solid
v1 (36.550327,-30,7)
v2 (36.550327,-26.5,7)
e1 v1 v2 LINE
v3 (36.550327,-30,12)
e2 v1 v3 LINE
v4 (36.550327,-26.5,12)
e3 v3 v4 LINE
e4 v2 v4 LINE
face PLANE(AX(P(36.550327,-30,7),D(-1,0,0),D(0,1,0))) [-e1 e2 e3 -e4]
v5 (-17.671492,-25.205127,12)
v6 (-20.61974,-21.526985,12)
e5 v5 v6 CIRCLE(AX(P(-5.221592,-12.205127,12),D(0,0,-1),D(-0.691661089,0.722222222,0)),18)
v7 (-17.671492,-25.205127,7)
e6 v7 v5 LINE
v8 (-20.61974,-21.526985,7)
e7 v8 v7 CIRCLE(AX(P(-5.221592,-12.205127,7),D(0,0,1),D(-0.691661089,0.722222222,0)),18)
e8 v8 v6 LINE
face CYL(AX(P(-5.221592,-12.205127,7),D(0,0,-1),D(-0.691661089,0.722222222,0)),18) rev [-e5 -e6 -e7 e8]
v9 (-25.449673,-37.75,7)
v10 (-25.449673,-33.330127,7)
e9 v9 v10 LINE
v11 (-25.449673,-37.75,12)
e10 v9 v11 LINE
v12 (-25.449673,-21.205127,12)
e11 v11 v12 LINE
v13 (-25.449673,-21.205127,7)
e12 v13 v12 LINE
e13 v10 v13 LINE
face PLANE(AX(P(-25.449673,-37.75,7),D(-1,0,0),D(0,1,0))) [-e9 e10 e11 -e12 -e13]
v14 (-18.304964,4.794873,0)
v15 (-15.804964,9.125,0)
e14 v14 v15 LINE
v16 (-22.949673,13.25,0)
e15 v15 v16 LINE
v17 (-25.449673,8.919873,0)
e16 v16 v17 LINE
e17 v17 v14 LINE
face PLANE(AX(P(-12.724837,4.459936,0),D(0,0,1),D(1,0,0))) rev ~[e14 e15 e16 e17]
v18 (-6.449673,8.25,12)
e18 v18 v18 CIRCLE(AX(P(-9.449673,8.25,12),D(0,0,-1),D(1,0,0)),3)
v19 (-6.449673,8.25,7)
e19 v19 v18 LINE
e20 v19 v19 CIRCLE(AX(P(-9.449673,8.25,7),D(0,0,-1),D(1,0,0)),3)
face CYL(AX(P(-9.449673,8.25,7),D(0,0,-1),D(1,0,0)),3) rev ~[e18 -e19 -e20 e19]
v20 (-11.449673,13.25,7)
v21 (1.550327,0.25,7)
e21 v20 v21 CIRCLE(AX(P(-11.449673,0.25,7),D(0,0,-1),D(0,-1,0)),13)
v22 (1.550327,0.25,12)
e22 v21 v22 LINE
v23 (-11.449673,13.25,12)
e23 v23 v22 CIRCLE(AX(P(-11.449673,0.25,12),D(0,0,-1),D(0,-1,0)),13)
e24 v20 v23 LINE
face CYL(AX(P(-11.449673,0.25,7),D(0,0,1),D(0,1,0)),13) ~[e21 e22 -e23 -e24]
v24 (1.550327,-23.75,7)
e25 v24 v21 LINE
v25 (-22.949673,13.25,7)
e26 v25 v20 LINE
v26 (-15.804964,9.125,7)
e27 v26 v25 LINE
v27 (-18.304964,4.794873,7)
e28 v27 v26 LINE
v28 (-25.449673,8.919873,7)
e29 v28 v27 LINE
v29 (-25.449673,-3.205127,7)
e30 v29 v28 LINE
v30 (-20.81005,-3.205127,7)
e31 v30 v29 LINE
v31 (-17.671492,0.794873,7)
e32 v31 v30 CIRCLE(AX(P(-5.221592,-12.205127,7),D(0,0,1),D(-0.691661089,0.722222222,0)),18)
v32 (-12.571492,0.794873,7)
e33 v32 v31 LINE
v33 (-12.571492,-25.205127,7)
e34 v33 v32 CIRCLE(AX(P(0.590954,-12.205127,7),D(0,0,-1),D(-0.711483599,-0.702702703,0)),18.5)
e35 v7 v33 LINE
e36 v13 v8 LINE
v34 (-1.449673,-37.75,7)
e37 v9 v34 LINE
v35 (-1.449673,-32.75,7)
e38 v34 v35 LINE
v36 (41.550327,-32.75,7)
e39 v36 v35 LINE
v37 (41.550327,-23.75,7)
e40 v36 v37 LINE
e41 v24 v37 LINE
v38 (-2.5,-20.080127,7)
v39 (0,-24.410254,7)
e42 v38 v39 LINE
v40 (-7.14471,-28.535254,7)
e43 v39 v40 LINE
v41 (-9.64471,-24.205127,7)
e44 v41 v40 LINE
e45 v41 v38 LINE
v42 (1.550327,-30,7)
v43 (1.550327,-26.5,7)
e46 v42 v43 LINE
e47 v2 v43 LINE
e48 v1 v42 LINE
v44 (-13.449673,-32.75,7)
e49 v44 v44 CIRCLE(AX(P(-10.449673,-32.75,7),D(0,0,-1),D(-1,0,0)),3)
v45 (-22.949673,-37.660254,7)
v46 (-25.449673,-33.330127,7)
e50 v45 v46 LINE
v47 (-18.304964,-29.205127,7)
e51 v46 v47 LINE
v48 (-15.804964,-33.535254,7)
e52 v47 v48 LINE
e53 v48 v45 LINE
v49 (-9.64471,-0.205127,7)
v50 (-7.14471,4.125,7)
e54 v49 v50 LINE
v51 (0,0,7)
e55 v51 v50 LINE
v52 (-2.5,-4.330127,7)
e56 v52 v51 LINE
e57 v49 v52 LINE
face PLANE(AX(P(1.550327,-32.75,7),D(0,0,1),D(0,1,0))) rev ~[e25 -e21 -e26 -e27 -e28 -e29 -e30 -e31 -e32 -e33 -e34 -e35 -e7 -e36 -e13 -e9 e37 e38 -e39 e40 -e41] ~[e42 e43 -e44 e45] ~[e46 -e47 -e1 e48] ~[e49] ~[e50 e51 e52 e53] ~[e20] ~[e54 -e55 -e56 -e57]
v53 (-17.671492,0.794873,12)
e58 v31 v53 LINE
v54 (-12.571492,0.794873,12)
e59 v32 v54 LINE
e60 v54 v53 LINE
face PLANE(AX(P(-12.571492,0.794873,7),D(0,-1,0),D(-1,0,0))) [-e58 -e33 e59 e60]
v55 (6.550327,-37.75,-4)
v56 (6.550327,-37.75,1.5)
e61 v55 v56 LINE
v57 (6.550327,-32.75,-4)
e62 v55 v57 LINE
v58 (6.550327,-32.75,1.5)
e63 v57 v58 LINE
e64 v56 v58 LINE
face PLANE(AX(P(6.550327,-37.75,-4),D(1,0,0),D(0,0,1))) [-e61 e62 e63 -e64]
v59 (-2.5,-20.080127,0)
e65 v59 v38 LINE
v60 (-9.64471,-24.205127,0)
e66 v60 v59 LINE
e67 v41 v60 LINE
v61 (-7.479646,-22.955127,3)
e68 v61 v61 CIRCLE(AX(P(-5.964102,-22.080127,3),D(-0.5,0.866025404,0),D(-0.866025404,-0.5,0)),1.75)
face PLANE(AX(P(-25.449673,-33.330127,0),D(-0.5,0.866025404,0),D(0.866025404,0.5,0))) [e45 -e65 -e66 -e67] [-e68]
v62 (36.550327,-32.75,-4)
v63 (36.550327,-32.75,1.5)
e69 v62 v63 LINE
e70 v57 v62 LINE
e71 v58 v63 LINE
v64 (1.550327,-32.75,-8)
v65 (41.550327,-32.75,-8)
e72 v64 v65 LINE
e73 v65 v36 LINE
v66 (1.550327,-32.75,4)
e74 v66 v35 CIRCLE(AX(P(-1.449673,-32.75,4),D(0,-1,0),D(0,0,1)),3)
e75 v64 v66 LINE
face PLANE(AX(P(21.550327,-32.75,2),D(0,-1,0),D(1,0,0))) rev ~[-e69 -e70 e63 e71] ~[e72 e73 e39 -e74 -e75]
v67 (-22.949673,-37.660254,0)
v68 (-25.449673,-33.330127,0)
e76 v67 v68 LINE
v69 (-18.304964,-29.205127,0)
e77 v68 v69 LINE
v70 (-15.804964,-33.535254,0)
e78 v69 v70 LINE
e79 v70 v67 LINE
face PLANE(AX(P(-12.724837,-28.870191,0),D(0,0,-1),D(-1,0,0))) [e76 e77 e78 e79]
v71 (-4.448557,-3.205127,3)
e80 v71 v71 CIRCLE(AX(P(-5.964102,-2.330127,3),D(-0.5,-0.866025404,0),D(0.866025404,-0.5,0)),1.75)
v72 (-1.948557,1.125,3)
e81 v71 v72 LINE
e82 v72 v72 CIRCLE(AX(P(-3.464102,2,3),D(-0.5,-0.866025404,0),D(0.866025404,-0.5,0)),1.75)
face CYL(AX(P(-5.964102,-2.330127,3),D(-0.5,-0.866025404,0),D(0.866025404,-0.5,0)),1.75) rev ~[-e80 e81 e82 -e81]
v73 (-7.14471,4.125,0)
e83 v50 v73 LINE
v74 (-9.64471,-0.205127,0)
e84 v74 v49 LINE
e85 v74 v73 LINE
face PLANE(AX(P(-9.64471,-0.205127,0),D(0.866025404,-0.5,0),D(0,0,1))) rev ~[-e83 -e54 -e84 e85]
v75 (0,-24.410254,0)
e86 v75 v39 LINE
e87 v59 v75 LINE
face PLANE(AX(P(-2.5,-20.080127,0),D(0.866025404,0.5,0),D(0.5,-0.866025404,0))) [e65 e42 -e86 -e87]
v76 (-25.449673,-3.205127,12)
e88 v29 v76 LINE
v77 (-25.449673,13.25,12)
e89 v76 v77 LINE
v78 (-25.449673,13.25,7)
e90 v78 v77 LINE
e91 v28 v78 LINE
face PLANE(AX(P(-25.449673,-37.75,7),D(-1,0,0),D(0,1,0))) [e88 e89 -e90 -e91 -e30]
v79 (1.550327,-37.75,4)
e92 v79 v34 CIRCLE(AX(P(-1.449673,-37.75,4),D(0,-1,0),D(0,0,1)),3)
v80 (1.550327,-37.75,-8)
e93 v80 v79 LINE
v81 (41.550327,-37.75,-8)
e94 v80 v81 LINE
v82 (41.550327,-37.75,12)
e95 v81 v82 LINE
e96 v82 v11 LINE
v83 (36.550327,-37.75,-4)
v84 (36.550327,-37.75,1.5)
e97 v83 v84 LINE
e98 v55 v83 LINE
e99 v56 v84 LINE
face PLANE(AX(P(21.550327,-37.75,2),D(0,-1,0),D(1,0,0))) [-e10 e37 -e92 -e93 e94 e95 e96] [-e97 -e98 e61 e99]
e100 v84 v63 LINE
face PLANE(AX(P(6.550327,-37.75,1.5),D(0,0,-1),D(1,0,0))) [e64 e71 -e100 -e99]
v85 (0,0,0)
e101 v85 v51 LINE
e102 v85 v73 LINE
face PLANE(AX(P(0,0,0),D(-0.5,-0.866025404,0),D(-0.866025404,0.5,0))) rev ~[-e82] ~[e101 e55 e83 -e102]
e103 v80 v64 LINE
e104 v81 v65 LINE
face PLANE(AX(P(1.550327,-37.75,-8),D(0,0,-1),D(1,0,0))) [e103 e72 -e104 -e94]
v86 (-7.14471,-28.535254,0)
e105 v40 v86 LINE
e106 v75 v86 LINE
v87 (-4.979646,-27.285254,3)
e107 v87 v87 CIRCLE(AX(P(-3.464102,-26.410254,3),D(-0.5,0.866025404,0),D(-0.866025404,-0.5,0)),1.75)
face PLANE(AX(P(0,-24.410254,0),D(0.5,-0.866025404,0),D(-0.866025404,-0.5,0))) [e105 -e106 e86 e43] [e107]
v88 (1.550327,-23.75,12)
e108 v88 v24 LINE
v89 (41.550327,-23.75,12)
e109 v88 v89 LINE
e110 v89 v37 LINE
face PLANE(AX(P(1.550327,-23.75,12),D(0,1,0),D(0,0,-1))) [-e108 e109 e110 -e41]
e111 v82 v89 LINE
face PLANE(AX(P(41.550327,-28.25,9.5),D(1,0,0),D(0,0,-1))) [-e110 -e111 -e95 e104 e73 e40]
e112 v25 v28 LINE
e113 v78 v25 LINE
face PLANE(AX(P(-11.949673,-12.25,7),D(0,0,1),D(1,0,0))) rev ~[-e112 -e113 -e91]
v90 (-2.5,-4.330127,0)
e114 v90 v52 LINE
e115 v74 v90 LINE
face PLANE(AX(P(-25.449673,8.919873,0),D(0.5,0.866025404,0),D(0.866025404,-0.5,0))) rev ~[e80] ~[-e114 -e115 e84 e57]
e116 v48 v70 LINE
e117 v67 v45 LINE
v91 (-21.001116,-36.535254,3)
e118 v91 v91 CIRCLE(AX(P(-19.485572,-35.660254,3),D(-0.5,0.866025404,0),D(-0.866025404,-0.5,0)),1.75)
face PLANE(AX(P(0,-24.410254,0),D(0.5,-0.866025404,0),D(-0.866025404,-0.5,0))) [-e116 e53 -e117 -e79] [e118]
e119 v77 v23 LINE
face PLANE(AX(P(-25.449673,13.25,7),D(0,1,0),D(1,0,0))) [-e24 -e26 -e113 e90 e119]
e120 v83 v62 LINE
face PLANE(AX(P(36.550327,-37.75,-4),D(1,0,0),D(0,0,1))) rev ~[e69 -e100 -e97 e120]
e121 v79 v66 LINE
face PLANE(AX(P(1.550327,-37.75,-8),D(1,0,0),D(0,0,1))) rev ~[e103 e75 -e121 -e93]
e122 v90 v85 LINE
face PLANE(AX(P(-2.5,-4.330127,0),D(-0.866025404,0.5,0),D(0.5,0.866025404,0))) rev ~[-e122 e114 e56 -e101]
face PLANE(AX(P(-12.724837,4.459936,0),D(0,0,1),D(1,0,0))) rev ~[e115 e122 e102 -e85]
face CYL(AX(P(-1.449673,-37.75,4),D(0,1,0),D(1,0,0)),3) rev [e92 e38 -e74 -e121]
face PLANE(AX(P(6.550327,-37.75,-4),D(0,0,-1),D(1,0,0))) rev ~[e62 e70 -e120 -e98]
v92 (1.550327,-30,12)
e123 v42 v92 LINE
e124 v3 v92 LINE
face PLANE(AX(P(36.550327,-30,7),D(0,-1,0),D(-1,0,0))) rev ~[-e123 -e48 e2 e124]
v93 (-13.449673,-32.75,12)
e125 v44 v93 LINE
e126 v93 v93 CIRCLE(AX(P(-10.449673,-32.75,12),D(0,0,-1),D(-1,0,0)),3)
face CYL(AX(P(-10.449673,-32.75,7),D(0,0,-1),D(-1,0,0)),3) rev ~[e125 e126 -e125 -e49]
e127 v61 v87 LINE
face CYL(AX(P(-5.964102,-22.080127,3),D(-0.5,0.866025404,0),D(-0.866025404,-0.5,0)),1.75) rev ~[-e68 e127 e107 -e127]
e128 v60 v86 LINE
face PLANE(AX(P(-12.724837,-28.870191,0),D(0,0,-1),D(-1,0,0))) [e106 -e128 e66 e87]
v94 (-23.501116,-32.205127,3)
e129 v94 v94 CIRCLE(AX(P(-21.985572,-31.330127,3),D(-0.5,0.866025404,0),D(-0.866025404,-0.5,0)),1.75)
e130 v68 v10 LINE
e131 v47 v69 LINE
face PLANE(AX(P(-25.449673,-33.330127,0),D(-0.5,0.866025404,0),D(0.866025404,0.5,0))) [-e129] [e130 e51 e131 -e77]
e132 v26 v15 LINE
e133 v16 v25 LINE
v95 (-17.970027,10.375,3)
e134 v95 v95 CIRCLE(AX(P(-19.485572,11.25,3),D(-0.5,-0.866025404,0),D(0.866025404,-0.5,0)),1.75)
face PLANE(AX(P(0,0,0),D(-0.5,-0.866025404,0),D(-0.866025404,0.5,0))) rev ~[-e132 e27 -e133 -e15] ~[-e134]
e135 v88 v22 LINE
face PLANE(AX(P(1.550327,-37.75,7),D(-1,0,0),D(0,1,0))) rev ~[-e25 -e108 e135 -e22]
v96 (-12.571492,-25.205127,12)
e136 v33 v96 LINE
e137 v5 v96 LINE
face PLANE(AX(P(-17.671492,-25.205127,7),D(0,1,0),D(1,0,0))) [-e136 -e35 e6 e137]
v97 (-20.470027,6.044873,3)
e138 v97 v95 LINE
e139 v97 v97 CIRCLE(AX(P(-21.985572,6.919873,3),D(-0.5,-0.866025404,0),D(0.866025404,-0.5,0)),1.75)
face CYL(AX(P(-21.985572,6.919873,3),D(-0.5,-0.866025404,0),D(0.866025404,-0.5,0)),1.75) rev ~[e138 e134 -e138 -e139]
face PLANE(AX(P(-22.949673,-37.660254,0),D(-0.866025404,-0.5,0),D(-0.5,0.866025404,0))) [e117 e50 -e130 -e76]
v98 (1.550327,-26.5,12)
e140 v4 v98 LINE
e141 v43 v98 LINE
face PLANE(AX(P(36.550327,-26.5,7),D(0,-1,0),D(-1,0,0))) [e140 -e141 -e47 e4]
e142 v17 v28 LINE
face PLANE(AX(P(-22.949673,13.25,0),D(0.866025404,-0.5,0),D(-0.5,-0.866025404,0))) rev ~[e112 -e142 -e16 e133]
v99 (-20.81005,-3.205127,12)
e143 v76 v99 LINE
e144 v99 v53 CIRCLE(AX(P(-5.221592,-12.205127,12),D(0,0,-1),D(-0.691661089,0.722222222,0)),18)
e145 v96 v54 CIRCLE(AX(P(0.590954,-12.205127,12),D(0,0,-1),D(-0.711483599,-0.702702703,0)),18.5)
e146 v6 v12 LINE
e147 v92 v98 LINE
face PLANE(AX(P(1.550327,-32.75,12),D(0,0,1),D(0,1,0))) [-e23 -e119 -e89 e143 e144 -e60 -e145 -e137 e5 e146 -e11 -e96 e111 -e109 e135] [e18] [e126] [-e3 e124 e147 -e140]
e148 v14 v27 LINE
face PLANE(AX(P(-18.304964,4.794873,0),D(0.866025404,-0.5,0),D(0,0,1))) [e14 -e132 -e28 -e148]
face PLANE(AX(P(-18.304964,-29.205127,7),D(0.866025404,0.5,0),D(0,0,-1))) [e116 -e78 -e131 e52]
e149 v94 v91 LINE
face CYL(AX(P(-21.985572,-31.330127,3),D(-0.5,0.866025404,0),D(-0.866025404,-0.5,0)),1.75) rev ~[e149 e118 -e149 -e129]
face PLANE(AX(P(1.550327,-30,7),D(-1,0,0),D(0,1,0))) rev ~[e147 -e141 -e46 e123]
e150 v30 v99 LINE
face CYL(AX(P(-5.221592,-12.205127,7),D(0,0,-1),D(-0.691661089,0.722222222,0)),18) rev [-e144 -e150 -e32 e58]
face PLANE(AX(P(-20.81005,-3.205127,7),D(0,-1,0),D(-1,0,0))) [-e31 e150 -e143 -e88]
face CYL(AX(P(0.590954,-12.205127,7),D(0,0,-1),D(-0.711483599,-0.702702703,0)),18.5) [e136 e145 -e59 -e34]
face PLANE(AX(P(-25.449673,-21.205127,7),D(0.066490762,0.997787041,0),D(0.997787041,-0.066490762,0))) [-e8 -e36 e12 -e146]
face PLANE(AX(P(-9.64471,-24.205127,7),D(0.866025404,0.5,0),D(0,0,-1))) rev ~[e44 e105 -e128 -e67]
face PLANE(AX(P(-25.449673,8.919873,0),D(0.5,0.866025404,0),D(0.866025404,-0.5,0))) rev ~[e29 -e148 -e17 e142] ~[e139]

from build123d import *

# Parameters (mm, degrees)
SALIENTE_EXTRUIR1_DEPTH   = 7
SALIENTE_EXTRUIR1_2_DEPTH = 7
CROQUIS2_W                = 27
CROQUIS2_H                = 51
SALIENTE_EXTRUIR2_DEPTH   = 5
CORTAR_EXTRUIR1_REACH     = 48.062
CROQUIS4_R                = 1.75
CORTAR_EXTRUIR2_DEPTH     = 5
CORTAR_EXTRUIR3_REACH     = 46.821
CROQUIS5_R                = 1.75
REDONDEO1_R               = 13
CROQUIS6_W                = 40
CROQUIS6_H                = 20
CROQUIS6_W_2              = 30
CROQUIS6_H_2              = 5.5
SALIENTE_EXTRUIR3_DEPTH   = 5
REDONDEO5_R               = 3
CORTAR_EXTRUIR4_REACH     = 46.821
CROQUIS7_W                = 10
CROQUIS7_H                = 7
CORTAR_EXTRUIR5_REACH     = 58.58
CROQUIS8_W                = 10
CROQUIS8_H                = 7
CORTAR_EXTRUIR6_REACH     = 60.108
CROQUIS10_W               = 5
CROQUIS10_H               = 9
SALIENTE_EXTRUIR4_DEPTH   = 40
CORTAR_EXTRUIR7_REACH     = 60.108
CROQUIS11_W               = 35
CROQUIS11_H               = 3.5
CORTAR_EXTRUIR8_REACH     = 60.108
CROQUIS12_R               = 3


with BuildPart() as part:
    # Croquis1 → Saliente-Extruir1 (new body)
    with BuildSketch(Plane.XY):
        Polygon((0, 0), (-22.9496732, 13.25), (-25.4496732, 8.919872981), (-2.5, -4.330127019), align=None)
    extrude(amount=SALIENTE_EXTRUIR1_DEPTH)



with BuildPart() as body_2:
    # Croquis1 → Saliente-Extruir1 2 (new body)
    with BuildSketch(Plane.XY):
        Polygon((-25.4496732, -33.330127019), (-2.5, -20.080127019), (0, -24.410254038), (-22.9496732, -37.660254038), align=None)
    extrude(amount=SALIENTE_EXTRUIR1_2_DEPTH)


with BuildPart() as part_1:
    add(part.part)

    add(body_2.part)  # Saliente-Extruir2 merges body 2
    # Croquis2 → Saliente-Extruir2 (add)
    with BuildSketch(Plane.XY.offset(7)):
        with Locations((-11.9496732, -12.25)):
            Rectangle(CROQUIS2_W, CROQUIS2_H)
    extrude(amount=SALIENTE_EXTRUIR2_DEPTH)

    # Croquis3 → Cortar-Extruir1 (cut, up to next)
    with BuildSketch(Plane(origin=(0, 0, 7), x_dir=(-1, 0, 0), z_dir=(0, 0, -1)), mode=Mode.PRIVATE) as cortar_extruir1_sk1:
        with BuildLine():
            Line((13.571492094, 0.794872981), (16.671492094, 0.794872981))
            Line((16.671492094, 0.794872981), (17.671492094, 0.794872981))
            ThreePointArc((17.671492094, 0.794872981), (23.221592496, -12.205127019), (17.671492094, -25.205127019))
            Line((17.671492094, -25.205127019), (16.671492094, -25.205127019))
            Line((16.671492094, -25.205127019), (13.571492094, -25.205127019))
            Line((13.571492094, -25.205127019), (12.571492094, -25.205127019))
            ThreePointArc((12.571492094, -25.205127019), (17.909045513, -12.205127019), (12.571492094, 0.794872981))
            Line((12.571492094, 0.794872981), (13.571492094, 0.794872981))
        make_face()
    cortar_extruir1_tool1 = extrude(cortar_extruir1_sk1.sketch, amount=-CORTAR_EXTRUIR1_REACH, mode=Mode.PRIVATE) & part_1.part
    add(cortar_extruir1_tool1.solids().sort_by_distance((-18.892381, -12.205127, 7))[0], mode=Mode.SUBTRACT)

    # Croquis4 → Cortar-Extruir2 (cut)
    with BuildSketch(Plane(origin=(-2.5, -4.330127019, 0), x_dir=(0.8660254037844369, -0.5000000000000031, 0), z_dir=(-0.500000000000003, -0.8660254037844368, 0))):
        with Locations((-22.5, 3)):
            Circle(CROQUIS4_R)
        with Locations((-4, 3)):
            Circle(CROQUIS4_R)
    extrude(amount=-CORTAR_EXTRUIR2_DEPTH, mode=Mode.SUBTRACT)

    # Croquis5 → Cortar-Extruir3 (cut, up to next)
    with BuildSketch(Plane(origin=(8.069950055, -13.977563509, 0), x_dir=(0.8660254037844367, 0.5000000000000033, 0), z_dir=(-0.5000000000000033, 0.8660254037844367, 0)), mode=Mode.PRIVATE) as cortar_extruir3_sk1:
        with Locations(Location((-34.705127019, -3, 0), (0, 0, 180))):
            Circle(CROQUIS5_R)
    cortar_extruir3_tool1 = extrude(cortar_extruir3_sk1.sketch, amount=-CORTAR_EXTRUIR3_REACH, mode=Mode.PRIVATE) & part_1.part
    # Croquis5 → Cortar-Extruir3 (cut, up to next)
    with BuildSketch(Plane(origin=(8.069950055, -13.977563509, 0), x_dir=(0.8660254037844367, 0.5000000000000033, 0), z_dir=(-0.5000000000000033, 0.8660254037844367, 0)), mode=Mode.PRIVATE) as cortar_extruir3_sk2:
        with Locations(Location((-16.205127019, -3, 0), (0, 0, 180))):
            Circle(CROQUIS5_R)
    cortar_extruir3_tool2 = extrude(cortar_extruir3_sk2.sketch, amount=-CORTAR_EXTRUIR3_REACH, mode=Mode.PRIVATE) & part_1.part
    add(cortar_extruir3_tool1.solids().sort_by_distance((-21.985572, -31.330127, 3))[0], mode=Mode.SUBTRACT)
    add(cortar_extruir3_tool2.solids().sort_by_distance((-5.964102, -22.080127, 3))[0], mode=Mode.SUBTRACT)

    # Redondeo1
    redondeo1_edges = [part_1.edges().sort_by_distance(p)[0] for p in [
        (1.5503268, 13.25, 9.5),
    ]]
    fillet(redondeo1_edges, radius=REDONDEO1_R)

    # Croquis6 → Saliente-Extruir3 (add)
    with BuildSketch(Plane.XZ.offset(37.75)):
        with Locations((21.5503268, 2)):
            Rectangle(CROQUIS6_W, CROQUIS6_H)
        with Locations((21.5503268, -1.25)):
            Rectangle(CROQUIS6_W_2, CROQUIS6_H_2, mode=Mode.SUBTRACT)
    extrude(amount=-SALIENTE_EXTRUIR3_DEPTH)

    # Redondeo5
    redondeo5_edges = [part_1.edges().sort_by_distance(p)[0] for p in [
        (1.5503268, -35.25, 7),
    ]]
    fillet(redondeo5_edges, radius=REDONDEO5_R)

    # Croquis7 → Cortar-Extruir4 (cut, up to next)
    with BuildSketch(Plane(origin=(8.069950055, -13.977563509, 0), x_dir=(0.8660254037844367, 0.5000000000000033, 0), z_dir=(-0.5000000000000033, 0.8660254037844367, 0)), mode=Mode.PRIVATE) as cortar_extruir4_sk1:
        with Locations((-25.455127019, -3.5)):
            Rectangle(CROQUIS7_W, CROQUIS7_H)
    cortar_extruir4_tool1 = extrude(cortar_extruir4_sk1.sketch, amount=-CORTAR_EXTRUIR4_REACH, mode=Mode.PRIVATE) & part_1.part
    add(cortar_extruir4_tool1.solids().sort_by_distance((-13.974837, -26.705127, 3.5))[0], mode=Mode.SUBTRACT)

    # Croquis8 → Cortar-Extruir5 (cut, up to next)
    with BuildSketch(Plane(origin=(-2.5, -4.330127019, 0), x_dir=(0.8660254037844369, -0.5000000000000031, 0), z_dir=(-0.500000000000003, -0.8660254037844368, 0)), mode=Mode.PRIVATE) as cortar_extruir5_sk1:
        with Locations((-13.25, 3.5)):
            Rectangle(CROQUIS8_W, CROQUIS8_H)
    cortar_extruir5_tool1 = extrude(cortar_extruir5_sk1.sketch, amount=-CORTAR_EXTRUIR5_REACH, mode=Mode.PRIVATE) & part_1.part
    add(cortar_extruir5_tool1.solids().sort_by_distance((-13.974837, 2.294873, 3.5))[0], mode=Mode.SUBTRACT)

    # Croquis9 → Cortar-Extruir6 (cut, up to next)
    with BuildSketch(Plane(origin=(0, 0, 7), x_dir=(-1, 0, 0), z_dir=(0, 0, -1)), mode=Mode.PRIVATE) as cortar_extruir6_sk1:
        with BuildLine():
            Line((25.4496732, -3.205127019), (25.4496732, -21.205127019))
            Line((25.4496732, -21.205127019), (20.619740445, -21.526985187))
            ThreePointArc((20.619740445, -21.526985187), (23.220621564, -12.392083108), (20.810049764, -3.205127019))
            Line((20.810049764, -3.205127019), (25.4496732, -3.205127019))
        make_face()
    cortar_extruir6_tool1 = extrude(cortar_extruir6_sk1.sketch, amount=-CORTAR_EXTRUIR6_REACH, mode=Mode.PRIVATE) & part_1.part
    add(cortar_extruir6_tool1.solids().sort_by_distance((-23.839782, -12.328925, 7))[0], mode=Mode.SUBTRACT)

    # Croquis10 → Saliente-Extruir4 (add)
    with BuildSketch(Plane(origin=(1.5503268, 0, 0), x_dir=(0, 0, -1), z_dir=(1, 0, 0))):
        with Locations((-9.5, -28.25)):
            Rectangle(CROQUIS10_W, CROQUIS10_H)
    extrude(amount=SALIENTE_EXTRUIR4_DEPTH)

    # Croquis11 → Cortar-Extruir7 (cut, up to next)
    with BuildSketch(Plane(origin=(0, 0, 7), x_dir=(-1, 0, 0), z_dir=(0, 0, -1)), mode=Mode.PRIVATE) as cortar_extruir7_sk1:
        with Locations((-19.0503268, -28.25)):
            Rectangle(CROQUIS11_W, CROQUIS11_H)
    cortar_extruir7_tool1 = extrude(cortar_extruir7_sk1.sketch, amount=-CORTAR_EXTRUIR7_REACH, mode=Mode.PRIVATE) & part_1.part
    add(cortar_extruir7_tool1.solids().sort_by_distance((19.050327, -28.25, 7))[0], mode=Mode.SUBTRACT)

    # Croquis12 → Cortar-Extruir8 (cut, up to next)
    with BuildSketch(Plane(origin=(0, 0, 7), x_dir=(-1, 0, 0), z_dir=(0, 0, -1)), mode=Mode.PRIVATE) as cortar_extruir8_sk1:
        with Locations((10.4496732, -32.75)):
            Circle(CROQUIS12_R)
    cortar_extruir8_tool1 = extrude(cortar_extruir8_sk1.sketch, amount=-CORTAR_EXTRUIR8_REACH, mode=Mode.PRIVATE) & part_1.part
    # Croquis12 → Cortar-Extruir8 (cut, up to next)
    with BuildSketch(Plane(origin=(0, 0, 7), x_dir=(-1, 0, 0), z_dir=(0, 0, -1)), mode=Mode.PRIVATE) as cortar_extruir8_sk2:
        with Locations(Location((9.4496732, 8.25, 0), (0, 0, 180))):
            Circle(CROQUIS12_R)
    cortar_extruir8_tool2 = extrude(cortar_extruir8_sk2.sketch, amount=-CORTAR_EXTRUIR8_REACH, mode=Mode.PRIVATE) & part_1.part
    add(cortar_extruir8_tool1.solids().sort_by_distance((-10.449673, -32.75, 7))[0], mode=Mode.SUBTRACT)
    add(cortar_extruir8_tool2.solids().sort_by_distance((-9.449673, 8.25, 7))[0], mode=Mode.SUBTRACT)


solid = part_1.part
